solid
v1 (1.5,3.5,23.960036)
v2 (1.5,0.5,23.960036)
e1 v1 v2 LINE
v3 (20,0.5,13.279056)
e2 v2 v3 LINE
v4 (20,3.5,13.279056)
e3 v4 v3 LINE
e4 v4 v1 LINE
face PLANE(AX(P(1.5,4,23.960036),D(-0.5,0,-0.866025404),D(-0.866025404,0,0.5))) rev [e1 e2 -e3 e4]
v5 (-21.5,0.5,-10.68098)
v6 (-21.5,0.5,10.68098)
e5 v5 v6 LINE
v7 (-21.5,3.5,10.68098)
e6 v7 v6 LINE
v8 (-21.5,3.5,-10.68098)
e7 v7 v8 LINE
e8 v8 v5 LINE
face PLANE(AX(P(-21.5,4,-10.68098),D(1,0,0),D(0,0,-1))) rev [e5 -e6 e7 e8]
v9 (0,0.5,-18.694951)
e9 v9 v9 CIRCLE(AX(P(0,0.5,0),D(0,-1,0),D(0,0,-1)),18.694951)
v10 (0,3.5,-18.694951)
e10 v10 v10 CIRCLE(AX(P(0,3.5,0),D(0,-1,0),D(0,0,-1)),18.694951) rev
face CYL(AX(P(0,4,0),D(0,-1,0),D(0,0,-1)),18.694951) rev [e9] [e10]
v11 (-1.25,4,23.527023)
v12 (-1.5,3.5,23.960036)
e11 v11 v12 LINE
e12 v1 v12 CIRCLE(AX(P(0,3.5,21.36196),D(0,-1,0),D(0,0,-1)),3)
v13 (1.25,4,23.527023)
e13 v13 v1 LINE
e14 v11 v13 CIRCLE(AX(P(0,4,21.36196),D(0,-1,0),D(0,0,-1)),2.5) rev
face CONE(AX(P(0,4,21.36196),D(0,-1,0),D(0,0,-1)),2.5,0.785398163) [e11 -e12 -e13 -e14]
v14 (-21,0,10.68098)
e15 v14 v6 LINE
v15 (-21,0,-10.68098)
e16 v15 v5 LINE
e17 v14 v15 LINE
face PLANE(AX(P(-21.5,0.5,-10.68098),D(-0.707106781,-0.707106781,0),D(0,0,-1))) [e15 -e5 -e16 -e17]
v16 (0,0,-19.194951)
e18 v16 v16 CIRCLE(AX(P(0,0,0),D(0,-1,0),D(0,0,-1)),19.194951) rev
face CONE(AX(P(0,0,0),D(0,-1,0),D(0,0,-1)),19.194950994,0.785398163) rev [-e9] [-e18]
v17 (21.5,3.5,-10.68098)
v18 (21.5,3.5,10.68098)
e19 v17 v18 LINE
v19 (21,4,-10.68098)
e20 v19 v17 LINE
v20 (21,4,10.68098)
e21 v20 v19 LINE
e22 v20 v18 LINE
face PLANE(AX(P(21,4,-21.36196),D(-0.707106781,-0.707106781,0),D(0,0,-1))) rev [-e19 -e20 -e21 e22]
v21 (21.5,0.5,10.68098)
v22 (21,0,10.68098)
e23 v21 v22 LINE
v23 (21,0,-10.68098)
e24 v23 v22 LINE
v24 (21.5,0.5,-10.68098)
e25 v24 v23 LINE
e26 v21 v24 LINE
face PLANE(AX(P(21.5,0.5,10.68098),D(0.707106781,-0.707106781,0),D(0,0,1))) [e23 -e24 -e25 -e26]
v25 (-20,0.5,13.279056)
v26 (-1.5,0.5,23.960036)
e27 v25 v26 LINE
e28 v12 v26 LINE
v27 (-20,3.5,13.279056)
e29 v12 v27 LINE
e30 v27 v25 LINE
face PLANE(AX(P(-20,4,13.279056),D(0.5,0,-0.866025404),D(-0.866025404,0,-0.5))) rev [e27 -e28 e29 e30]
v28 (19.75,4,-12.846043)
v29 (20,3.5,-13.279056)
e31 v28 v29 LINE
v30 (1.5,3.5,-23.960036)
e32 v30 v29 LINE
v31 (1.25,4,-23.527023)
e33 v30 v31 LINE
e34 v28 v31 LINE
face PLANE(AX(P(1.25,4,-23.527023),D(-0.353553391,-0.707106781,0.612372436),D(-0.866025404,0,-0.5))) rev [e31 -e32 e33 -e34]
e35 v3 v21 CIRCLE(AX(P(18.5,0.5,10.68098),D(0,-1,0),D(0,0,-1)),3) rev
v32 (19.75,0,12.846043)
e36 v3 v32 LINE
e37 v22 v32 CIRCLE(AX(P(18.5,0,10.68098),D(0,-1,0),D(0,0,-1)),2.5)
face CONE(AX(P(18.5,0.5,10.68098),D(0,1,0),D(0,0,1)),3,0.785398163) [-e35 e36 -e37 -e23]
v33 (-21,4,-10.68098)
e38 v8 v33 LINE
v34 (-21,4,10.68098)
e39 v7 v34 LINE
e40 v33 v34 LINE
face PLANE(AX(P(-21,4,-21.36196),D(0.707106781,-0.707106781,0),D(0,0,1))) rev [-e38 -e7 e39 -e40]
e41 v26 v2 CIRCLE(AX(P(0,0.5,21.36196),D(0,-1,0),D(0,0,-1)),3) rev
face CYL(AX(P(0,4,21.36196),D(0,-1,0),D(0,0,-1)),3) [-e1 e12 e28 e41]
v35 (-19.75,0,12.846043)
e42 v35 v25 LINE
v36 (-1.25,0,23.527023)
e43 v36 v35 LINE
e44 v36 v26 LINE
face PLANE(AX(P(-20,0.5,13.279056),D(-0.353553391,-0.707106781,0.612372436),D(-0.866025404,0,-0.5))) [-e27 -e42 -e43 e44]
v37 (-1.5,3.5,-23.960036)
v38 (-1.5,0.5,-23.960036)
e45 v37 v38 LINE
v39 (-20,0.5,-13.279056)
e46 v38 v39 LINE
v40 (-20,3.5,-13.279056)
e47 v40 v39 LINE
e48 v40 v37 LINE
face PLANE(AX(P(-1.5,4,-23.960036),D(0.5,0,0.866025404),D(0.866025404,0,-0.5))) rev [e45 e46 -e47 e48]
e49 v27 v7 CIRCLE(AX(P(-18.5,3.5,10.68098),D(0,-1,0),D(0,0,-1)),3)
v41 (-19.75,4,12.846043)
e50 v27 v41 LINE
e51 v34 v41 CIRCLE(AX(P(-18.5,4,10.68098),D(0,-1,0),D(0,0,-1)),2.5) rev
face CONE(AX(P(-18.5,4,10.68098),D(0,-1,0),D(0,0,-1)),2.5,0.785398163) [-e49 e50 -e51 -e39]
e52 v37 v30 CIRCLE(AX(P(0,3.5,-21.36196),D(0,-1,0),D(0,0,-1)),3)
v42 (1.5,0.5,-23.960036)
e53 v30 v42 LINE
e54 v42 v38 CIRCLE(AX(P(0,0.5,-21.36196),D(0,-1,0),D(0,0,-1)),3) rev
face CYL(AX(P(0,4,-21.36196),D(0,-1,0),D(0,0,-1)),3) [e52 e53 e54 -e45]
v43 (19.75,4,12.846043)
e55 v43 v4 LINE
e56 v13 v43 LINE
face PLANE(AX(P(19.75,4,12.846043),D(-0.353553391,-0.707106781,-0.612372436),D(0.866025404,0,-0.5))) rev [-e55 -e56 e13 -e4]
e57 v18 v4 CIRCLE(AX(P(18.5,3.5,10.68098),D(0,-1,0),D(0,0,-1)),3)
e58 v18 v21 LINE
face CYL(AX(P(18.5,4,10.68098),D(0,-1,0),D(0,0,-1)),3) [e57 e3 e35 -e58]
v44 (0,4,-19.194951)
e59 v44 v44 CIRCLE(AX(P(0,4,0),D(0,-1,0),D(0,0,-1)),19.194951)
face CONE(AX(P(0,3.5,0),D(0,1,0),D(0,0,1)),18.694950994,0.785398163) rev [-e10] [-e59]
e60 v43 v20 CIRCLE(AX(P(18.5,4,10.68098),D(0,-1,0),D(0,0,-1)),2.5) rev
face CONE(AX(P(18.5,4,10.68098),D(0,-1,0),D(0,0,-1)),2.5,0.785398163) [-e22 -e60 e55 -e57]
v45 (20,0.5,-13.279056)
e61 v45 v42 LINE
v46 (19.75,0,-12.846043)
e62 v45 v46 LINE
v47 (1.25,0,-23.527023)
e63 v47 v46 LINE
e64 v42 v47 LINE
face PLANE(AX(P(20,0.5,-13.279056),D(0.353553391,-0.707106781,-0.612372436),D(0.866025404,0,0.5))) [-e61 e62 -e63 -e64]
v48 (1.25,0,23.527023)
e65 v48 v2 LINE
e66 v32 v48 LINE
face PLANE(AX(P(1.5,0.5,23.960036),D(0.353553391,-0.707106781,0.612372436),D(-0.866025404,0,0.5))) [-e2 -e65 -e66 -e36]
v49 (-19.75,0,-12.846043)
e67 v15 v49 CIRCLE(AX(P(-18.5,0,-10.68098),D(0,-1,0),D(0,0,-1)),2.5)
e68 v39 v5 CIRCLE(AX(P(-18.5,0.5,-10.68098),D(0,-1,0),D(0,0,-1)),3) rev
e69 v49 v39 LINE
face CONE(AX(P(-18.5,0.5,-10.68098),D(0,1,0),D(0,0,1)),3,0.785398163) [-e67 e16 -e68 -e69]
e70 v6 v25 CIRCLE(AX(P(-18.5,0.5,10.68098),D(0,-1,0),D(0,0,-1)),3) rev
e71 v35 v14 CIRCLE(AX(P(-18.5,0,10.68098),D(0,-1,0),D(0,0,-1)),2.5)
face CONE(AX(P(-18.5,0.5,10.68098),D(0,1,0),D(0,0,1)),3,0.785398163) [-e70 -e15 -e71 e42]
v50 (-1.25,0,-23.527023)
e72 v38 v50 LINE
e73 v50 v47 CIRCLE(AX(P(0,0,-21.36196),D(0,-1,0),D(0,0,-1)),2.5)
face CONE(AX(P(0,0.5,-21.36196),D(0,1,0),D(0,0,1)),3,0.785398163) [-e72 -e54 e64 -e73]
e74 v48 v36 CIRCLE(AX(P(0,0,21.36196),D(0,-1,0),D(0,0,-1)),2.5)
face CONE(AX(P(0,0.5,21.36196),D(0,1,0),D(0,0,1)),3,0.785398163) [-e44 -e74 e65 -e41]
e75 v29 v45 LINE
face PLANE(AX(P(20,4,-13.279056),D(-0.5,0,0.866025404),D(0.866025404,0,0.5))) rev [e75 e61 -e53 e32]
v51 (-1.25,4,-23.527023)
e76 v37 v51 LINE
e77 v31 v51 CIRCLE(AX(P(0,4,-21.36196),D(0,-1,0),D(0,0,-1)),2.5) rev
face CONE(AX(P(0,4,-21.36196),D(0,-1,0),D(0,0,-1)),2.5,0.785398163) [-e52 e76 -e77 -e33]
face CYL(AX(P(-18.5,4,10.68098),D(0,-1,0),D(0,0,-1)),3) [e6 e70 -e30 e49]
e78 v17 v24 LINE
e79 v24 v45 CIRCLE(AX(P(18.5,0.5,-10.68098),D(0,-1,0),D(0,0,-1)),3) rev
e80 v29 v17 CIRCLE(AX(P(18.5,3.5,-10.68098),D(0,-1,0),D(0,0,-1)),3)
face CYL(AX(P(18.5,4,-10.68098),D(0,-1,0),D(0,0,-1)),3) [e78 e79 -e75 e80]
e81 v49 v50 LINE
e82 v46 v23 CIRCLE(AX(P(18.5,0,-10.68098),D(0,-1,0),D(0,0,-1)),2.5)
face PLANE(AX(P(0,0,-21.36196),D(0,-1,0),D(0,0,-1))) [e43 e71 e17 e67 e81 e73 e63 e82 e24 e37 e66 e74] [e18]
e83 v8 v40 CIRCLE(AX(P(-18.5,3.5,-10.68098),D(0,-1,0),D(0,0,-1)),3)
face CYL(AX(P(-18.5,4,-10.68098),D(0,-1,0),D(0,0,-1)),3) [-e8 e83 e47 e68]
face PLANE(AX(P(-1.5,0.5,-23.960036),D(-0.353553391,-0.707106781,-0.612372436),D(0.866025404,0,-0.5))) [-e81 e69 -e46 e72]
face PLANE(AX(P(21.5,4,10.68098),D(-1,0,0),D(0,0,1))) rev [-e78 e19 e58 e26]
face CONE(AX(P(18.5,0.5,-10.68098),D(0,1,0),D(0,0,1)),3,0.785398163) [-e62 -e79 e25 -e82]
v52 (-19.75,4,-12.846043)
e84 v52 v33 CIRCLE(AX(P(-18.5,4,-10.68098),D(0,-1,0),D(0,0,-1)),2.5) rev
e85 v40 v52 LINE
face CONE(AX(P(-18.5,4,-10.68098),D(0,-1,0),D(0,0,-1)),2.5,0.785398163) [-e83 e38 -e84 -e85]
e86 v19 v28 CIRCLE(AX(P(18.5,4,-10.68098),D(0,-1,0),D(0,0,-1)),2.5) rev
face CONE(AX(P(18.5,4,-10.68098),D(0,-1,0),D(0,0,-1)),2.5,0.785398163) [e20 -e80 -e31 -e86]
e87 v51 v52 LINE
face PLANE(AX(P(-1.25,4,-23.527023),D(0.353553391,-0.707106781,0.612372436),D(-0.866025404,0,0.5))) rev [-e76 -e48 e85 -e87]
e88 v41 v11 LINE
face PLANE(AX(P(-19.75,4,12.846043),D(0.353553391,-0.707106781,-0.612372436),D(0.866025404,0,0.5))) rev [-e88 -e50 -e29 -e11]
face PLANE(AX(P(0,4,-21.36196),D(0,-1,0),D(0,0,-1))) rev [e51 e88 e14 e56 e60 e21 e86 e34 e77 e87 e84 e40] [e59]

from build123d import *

# Parameters (mm, degrees)
SKETCH1_R           = 18.694950994
BOSS_EXTRUDE1_DEPTH = 4
CHAMFER1_SIZE       = 0.5


with BuildPart() as part:
    # Sketch1 → Boss-Extrude1 (new body)
    with BuildSketch(Plane(origin=(0, 0, 0), x_dir=(1, 0, 0), z_dir=(0, 1, 0))):
        with BuildLine():
            Line((-1.5, 23.960036171), (-20, 13.279056191))
            ThreePointArc((-20, 13.279056191), (-21.098076211, 12.18097998), (-21.5, 10.68097998))
            Line((-21.5, 10.68097998), (-21.5, -10.68097998))
            ThreePointArc((-21.5, -10.68097998), (-21.098076211, -12.18097998), (-20, -13.279056191))
            Line((-20, -13.279056191), (-1.5, -23.960036171))
            ThreePointArc((-1.5, -23.960036171), (0, -24.36195996), (1.5, -23.960036171))
            Line((1.5, -23.960036171), (20, -13.279056191))
            ThreePointArc((20, -13.279056191), (21.098076211, -12.18097998), (21.5, -10.68097998))
            Line((21.5, -10.68097998), (21.5, 10.68097998))
            ThreePointArc((21.5, 10.68097998), (21.098076211, 12.18097998), (20, 13.279056191))
            Line((20, 13.279056191), (1.5, 23.960036171))
            ThreePointArc((1.5, 23.960036171), (0, 24.36195996), (-1.5, 23.960036171))
        make_face()
        with Locations(Location((0, 0, 0), (0, 0, 270))):
            Circle(SKETCH1_R, mode=Mode.SUBTRACT)
    extrude(amount=BOSS_EXTRUDE1_DEPTH)

    # Chamfer1
    chamfer1_edges = [part.edges().sort_by_distance(p)[0] for p in [
        (-21.098076211, 4, -12.18097998),
        (10.75, 0, -18.619546181),
        (21.098076211, 0, -12.18097998),
        (21.5, 0, 0),
        (21.098076211, 0, 12.18097998),
        (10.75, 0, 18.619546181),
        (0, 0, 24.36195996),
        (-21.5, 4, 0),
        (-10.75, 0, 18.619546181),
        (-21.098076211, 0, 12.18097998),
        (-21.5, 0, 0),
        (-21.098076211, 0, -12.18097998),
        (-10.75, 0, -18.619546181),
        (0, 0, -24.36195996),
        (-21.098076211, 4, 12.18097998),
        (-10.75, 4, 18.619546181),
        (0, 4, 24.36195996),
        (10.75, 4, 18.619546181),
        (21.098076211, 4, 12.18097998),
        (0, 0, -18.694950994),
        (0, 4, -18.694950994),
        (21.5, 4, 0),
        (21.098076211, 4, -12.18097998),
        (10.75, 4, -18.619546181),
        (0, 4, -24.36195996),
        (-10.75, 4, -18.619546181),
    ]]
    chamfer(chamfer1_edges, length=CHAMFER1_SIZE)


solid = part.part
